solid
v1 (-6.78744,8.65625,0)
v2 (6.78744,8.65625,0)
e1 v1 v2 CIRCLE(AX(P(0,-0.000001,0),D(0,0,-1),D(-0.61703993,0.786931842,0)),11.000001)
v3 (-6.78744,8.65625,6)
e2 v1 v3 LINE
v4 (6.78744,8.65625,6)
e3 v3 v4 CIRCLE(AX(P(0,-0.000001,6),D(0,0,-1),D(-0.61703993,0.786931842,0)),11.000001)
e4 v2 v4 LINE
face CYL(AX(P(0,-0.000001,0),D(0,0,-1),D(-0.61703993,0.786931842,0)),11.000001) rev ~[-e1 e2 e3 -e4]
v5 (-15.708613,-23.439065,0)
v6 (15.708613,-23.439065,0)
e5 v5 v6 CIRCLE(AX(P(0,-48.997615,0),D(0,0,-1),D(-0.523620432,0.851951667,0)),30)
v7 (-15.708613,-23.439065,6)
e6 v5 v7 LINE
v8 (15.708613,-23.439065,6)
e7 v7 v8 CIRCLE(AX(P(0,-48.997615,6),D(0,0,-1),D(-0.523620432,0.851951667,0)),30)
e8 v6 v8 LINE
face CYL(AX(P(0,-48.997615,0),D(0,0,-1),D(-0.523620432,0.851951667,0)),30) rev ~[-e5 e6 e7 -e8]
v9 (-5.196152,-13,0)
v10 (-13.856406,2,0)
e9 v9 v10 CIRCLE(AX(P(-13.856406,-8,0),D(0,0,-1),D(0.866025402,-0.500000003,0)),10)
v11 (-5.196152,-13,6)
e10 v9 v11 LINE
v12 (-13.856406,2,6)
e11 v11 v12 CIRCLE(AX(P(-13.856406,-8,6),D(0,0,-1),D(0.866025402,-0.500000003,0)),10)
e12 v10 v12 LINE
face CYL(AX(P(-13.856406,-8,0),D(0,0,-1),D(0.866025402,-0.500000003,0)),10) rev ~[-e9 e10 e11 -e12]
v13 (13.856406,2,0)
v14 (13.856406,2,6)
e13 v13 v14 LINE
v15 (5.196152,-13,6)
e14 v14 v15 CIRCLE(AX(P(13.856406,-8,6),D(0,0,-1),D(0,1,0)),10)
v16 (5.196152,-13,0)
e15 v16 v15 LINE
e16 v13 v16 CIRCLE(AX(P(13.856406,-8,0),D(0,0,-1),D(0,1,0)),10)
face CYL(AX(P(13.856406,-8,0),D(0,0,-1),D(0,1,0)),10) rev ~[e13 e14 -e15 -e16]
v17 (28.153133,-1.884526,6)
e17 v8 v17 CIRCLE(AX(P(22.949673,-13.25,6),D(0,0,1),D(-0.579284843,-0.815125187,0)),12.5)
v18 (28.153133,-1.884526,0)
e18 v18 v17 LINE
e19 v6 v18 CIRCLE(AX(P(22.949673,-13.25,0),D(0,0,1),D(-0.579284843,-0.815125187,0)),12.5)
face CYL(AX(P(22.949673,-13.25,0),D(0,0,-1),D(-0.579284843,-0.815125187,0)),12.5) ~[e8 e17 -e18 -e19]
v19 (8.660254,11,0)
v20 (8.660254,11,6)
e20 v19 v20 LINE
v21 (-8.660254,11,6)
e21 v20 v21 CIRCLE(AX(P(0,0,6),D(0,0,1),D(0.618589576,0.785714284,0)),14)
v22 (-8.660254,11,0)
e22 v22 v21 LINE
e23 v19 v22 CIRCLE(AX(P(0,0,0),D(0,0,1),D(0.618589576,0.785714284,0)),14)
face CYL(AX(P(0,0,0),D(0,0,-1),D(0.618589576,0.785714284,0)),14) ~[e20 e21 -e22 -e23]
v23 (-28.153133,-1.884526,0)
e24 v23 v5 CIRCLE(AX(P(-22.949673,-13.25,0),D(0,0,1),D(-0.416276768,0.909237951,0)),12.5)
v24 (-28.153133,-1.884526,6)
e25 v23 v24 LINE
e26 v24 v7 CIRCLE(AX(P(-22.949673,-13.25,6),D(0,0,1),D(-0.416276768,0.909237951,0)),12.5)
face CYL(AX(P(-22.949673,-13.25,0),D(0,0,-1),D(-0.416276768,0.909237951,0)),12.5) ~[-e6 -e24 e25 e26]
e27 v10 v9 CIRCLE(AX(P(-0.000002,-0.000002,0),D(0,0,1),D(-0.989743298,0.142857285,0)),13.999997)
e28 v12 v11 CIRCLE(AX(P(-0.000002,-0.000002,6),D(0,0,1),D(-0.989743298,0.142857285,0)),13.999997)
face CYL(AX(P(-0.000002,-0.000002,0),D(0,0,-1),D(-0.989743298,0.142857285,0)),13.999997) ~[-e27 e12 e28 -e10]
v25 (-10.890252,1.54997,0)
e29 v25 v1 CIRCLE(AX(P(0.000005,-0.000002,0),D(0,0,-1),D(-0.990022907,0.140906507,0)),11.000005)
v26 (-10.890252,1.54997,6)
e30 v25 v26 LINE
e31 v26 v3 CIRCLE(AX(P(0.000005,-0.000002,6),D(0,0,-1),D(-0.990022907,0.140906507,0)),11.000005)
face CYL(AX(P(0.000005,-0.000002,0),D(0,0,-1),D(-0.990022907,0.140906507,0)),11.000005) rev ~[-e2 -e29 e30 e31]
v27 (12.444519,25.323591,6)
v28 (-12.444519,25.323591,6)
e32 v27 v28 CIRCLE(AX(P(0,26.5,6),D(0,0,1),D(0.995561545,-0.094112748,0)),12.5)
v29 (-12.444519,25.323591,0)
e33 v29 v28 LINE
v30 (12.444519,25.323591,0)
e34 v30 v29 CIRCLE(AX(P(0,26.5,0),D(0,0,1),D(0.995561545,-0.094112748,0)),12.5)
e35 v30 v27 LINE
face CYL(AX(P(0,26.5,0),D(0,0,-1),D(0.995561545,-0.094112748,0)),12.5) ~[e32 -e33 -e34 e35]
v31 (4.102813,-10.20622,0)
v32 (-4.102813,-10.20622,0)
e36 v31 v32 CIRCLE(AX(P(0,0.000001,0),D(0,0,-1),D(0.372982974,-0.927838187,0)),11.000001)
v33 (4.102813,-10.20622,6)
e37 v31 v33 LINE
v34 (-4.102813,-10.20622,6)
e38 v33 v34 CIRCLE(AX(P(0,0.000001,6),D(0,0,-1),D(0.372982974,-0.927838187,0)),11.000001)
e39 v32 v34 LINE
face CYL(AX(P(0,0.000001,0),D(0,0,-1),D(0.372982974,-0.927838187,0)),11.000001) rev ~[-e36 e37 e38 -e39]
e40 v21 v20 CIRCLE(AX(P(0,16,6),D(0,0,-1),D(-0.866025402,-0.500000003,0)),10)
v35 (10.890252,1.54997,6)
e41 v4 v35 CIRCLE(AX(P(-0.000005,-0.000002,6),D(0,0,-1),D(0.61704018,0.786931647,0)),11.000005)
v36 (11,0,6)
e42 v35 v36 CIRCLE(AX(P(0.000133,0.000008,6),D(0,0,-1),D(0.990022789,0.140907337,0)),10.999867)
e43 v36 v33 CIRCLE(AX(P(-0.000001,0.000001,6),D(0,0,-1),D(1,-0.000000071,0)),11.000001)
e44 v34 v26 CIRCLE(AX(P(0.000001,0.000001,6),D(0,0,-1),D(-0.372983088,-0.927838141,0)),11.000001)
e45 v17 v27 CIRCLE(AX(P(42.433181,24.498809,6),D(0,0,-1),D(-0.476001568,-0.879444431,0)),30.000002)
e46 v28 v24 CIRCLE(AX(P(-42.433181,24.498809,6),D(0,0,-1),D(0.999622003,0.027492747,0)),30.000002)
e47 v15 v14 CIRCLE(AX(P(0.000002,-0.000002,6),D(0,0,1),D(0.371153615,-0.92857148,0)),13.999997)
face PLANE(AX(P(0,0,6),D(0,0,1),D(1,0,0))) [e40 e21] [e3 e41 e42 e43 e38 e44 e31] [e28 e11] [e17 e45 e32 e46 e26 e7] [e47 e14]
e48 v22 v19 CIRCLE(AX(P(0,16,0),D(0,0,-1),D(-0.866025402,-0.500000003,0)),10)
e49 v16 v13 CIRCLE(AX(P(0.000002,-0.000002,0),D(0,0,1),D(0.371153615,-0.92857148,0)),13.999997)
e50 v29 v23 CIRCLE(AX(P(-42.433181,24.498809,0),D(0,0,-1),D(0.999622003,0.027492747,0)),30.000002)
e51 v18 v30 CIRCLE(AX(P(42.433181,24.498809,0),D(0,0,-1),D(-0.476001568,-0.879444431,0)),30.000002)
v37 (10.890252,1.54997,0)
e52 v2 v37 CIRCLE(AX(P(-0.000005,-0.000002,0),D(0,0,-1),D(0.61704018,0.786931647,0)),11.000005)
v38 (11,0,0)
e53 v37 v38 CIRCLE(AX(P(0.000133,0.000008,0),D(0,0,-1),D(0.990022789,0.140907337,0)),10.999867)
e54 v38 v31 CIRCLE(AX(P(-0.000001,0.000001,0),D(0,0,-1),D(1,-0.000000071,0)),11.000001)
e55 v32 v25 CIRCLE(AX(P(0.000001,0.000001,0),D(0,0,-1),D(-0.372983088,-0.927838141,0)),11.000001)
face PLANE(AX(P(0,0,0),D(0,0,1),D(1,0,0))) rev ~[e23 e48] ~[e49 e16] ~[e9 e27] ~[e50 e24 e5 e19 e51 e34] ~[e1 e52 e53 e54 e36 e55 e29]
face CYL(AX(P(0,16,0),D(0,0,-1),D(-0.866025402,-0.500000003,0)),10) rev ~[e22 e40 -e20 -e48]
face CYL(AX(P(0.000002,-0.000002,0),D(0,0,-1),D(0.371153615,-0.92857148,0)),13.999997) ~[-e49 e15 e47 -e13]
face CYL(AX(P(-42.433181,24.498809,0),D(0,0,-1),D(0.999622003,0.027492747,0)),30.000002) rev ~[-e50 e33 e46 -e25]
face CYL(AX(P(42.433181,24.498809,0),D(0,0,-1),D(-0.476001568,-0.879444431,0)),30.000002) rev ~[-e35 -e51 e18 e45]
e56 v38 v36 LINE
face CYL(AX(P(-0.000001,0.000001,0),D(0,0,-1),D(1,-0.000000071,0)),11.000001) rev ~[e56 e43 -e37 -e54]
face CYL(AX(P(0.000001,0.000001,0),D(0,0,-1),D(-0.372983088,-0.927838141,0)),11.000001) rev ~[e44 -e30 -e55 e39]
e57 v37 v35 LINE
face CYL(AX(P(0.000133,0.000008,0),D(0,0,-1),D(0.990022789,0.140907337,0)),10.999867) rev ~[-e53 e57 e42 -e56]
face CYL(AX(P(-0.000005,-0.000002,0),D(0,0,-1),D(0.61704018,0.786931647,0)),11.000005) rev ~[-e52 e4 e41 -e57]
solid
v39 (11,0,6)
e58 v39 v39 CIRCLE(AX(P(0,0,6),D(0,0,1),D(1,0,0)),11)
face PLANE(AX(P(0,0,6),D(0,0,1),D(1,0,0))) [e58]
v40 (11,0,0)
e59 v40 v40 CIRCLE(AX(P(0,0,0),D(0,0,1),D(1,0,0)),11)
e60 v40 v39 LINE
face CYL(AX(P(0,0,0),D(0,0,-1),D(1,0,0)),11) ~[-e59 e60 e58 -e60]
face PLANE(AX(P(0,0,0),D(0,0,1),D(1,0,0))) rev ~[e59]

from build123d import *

# Parameters (mm, degrees)
F1_DEPTH = 6
F2_R     = 11
F3_DEPTH = 6


with BuildPart() as f1:
    # F0 (on Top) → F1 (new body)
    with BuildSketch(Plane.XY):
        with BuildLine():
            ThreePointArc((28.153133, -1.884526), (16.452417, 9.498808), (12.444519, 25.323591))
            ThreePointArc((12.444519, 25.323591), (0, 39), (-12.444519, 25.323591))
            ThreePointArc((-12.444519, 25.323591), (-16.452417, 9.498808), (-28.153133, -1.884526))
            ThreePointArc((-28.153133, -1.884526), (-33.774991, -19.5), (-15.708613, -23.439065))
            ThreePointArc((-15.708613, -23.439065), (0, -18.997615), (15.708613, -23.439065))
            ThreePointArc((15.708613, -23.439065), (33.774991, -19.5), (28.153133, -1.884526))
        make_face()
        with BuildLine():
            ThreePointArc((-13.856406, 2), (-12.124356, -7), (-5.196152, -13))
            ThreePointArc((-5.196152, -13), (-22.51666, -13), (-13.856406, 2))
        make_face(mode=Mode.SUBTRACT)
        with BuildLine():
            ThreePointArc((5.196152, -13), (12.124356, -7), (13.856406, 2))
            ThreePointArc((13.856406, 2), (22.51666, -13), (5.196152, -13))
        make_face(mode=Mode.SUBTRACT)
        with BuildLine():
            ThreePointArc((-10.890252, 1.54997), (-9.526279, 5.5), (-6.78744, 8.65625))
            ThreePointArc((-6.78744, 8.65625), (0, 11), (6.78744, 8.65625))
            ThreePointArc((6.78744, 8.65625), (9.526279, 5.5), (10.890252, 1.54997))
            ThreePointArc((10.890252, 1.54997), (10.972529, 0.776925), (11, 0))
            ThreePointArc((11, 0), (9.114026, -6.159101), (4.102813, -10.20622))
            ThreePointArc((4.102813, -10.20622), (0, -11), (-4.102813, -10.20622))
            ThreePointArc((-4.102813, -10.20622), (-9.526279, -5.5), (-10.890252, 1.54997))
        make_face(mode=Mode.SUBTRACT)
        with BuildLine():
            ThreePointArc((-8.660254, 11), (0, 26), (8.660254, 11))
            ThreePointArc((8.660254, 11), (0, 14), (-8.660254, 11))
        make_face(mode=Mode.SUBTRACT)
    extrude(amount=F1_DEPTH)


with BuildPart() as f3:
    # F2 (on Top) → F3 (new body)
    with BuildSketch(Plane.XY):
        Circle(F2_R)
    extrude(amount=F3_DEPTH)


solid = Compound([f1.part, f3.part])
